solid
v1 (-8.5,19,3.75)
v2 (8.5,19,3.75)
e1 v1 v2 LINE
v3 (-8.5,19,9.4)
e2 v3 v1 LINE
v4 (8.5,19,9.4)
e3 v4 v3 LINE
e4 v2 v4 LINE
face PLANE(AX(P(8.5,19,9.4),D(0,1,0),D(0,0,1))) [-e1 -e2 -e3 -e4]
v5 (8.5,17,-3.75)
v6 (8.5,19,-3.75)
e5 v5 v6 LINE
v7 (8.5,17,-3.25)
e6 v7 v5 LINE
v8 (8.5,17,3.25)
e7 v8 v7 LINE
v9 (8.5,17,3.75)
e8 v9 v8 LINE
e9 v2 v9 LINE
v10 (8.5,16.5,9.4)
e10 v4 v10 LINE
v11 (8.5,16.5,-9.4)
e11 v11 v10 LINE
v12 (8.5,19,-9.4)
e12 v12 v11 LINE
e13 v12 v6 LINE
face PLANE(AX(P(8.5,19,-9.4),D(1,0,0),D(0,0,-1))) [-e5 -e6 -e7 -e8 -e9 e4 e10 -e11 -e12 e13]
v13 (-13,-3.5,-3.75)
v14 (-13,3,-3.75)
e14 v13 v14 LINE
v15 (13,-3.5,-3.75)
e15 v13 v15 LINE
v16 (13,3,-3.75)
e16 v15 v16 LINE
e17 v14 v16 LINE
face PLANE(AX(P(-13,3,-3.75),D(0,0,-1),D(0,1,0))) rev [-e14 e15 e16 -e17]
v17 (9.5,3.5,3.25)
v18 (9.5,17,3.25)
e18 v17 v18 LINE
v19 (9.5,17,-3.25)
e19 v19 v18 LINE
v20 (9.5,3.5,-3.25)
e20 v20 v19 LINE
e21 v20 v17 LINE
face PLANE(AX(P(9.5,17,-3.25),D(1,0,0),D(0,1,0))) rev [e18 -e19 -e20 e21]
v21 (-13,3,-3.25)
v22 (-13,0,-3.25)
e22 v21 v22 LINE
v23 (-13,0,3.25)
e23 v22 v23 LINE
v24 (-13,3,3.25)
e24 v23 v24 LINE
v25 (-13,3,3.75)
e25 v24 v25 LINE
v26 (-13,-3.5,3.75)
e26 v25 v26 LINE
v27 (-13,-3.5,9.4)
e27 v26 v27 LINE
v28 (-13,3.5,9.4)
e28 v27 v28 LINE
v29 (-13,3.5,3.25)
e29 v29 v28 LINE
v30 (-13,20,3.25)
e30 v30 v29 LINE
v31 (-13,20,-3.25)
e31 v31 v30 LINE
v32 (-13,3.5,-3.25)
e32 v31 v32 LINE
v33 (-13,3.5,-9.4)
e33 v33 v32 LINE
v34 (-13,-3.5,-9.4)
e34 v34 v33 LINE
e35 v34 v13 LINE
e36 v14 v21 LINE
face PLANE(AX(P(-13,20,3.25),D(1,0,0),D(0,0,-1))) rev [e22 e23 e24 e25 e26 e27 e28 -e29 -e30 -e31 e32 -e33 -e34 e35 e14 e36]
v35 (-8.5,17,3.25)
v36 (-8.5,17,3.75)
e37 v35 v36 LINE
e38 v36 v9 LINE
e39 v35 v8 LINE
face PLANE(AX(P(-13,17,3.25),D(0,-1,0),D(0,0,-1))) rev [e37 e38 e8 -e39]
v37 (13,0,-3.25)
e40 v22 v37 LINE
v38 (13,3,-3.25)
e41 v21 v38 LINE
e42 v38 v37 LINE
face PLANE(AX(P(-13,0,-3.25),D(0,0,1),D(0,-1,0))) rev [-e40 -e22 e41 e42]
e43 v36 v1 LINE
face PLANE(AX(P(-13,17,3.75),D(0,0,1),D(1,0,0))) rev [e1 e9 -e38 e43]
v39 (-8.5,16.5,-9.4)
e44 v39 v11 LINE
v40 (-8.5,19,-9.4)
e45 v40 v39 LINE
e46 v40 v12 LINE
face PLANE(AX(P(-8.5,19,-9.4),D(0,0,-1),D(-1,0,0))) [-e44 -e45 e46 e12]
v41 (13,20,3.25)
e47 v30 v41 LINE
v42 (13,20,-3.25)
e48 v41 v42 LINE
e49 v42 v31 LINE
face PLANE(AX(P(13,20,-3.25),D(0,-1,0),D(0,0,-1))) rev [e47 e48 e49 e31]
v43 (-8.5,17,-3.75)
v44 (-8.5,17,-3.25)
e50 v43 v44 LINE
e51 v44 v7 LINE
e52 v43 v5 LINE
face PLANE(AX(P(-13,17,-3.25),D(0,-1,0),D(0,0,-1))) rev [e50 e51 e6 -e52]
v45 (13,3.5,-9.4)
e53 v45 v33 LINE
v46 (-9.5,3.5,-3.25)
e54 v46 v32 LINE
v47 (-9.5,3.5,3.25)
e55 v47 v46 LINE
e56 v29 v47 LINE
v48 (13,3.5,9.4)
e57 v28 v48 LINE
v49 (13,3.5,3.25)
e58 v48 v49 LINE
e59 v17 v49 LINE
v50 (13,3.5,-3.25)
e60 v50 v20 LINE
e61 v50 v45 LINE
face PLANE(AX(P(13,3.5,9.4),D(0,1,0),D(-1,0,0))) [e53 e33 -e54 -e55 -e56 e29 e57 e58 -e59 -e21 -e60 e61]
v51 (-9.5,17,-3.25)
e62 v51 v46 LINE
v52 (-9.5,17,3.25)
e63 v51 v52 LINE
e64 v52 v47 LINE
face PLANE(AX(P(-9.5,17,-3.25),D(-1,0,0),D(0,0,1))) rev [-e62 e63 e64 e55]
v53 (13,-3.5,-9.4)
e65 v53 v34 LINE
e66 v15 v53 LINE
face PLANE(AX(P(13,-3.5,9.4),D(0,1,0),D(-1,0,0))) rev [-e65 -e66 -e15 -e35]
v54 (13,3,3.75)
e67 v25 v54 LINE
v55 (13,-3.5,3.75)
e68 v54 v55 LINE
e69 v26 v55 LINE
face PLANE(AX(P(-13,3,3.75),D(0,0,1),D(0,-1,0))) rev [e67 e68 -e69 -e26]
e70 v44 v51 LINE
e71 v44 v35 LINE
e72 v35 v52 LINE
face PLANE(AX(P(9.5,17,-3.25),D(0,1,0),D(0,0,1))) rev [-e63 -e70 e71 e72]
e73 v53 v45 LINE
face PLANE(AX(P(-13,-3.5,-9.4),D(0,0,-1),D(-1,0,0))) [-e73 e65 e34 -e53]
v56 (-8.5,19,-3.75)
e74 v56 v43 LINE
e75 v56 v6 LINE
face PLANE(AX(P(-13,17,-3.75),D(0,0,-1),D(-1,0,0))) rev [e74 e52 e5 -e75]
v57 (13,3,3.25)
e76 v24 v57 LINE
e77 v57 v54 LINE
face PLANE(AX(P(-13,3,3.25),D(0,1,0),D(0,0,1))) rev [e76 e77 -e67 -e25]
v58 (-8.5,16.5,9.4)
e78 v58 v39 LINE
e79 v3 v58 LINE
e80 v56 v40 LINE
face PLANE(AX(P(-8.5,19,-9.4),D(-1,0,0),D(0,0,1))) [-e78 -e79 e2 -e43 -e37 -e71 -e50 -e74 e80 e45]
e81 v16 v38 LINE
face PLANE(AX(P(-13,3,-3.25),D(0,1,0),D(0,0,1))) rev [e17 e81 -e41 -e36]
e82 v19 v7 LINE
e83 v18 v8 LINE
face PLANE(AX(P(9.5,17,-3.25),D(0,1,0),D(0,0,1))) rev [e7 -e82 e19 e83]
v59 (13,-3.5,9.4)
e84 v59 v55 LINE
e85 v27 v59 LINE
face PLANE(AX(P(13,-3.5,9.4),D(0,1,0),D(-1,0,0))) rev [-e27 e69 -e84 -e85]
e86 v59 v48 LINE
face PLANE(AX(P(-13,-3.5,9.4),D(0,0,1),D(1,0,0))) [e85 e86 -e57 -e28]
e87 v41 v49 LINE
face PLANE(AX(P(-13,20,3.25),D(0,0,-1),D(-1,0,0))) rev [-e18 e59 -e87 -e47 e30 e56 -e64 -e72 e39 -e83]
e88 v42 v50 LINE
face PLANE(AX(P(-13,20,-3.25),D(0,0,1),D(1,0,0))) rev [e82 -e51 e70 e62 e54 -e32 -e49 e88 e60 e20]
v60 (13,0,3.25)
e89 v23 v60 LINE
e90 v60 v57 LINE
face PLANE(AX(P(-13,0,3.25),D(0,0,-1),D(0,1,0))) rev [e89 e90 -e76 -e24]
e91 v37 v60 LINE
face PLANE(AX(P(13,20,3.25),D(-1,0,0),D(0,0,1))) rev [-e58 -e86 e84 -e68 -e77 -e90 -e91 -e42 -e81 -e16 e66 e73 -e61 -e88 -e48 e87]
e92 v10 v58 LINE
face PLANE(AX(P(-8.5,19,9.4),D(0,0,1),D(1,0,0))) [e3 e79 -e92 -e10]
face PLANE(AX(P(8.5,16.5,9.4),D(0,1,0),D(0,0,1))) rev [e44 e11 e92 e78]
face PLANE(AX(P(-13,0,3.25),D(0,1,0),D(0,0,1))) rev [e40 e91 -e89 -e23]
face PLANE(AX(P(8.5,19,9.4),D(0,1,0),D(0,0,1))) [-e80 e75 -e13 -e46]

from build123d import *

# Parameters (mm, degrees)
SKETCH_2_W           = 26
SKETCH_2_H           = 6.5
EXTRUDE_1_DEPTH      = 20
SKETCH_3_W           = 19
SKETCH_3_H           = 14
CUT_EXTRUDE_2_DEPTH  = 25.72347063
EXTRUDE_3_DEPTH      = 0.5
EXTRUDE_3_DEPTH_BACK = 2
SKETCH_4_W           = 17
SKETCH_4_H           = 18.8
SKETCH_5_W           = 0.5
SKETCH_5_H           = 2
CUT_EXTRUDE_4_DEPTH  = 31.831963934
EXTRUDE_7_DEPTH      = 0.5
EXTRUDE_7_DEPTH_BACK = 6.5
SKETCH_6_W           = 26
SKETCH_6_H           = 18.8
CUT_EXTRUDE_8_DEPTH  = 35.122719704


with BuildPart() as part:
    # Эскиз2 → Вытянуть1 (new body)
    with BuildSketch(Plane(origin=(0, 0, 0), x_dir=(1, 0, 0), z_dir=(0, 1, 0))):
        Rectangle(SKETCH_2_W, SKETCH_2_H)
    extrude(amount=EXTRUDE_1_DEPTH)

    # Эскиз3 → Вытянуть2 (cut, through all)
    with BuildSketch(Plane.XY.offset(3.25)):
        with Locations((0, 10)):
            Rectangle(SKETCH_3_W, SKETCH_3_H)
    extrude(amount=-CUT_EXTRUDE_2_DEPTH, mode=Mode.SUBTRACT)

    # Эскиз4 → Вытянуть3 (add, two sides: drawn at the far end of the back side and taken through both)
    with BuildSketch(Plane.XZ.offset(-17).offset(-EXTRUDE_3_DEPTH_BACK)):
        Rectangle(SKETCH_4_W, SKETCH_4_H)
    extrude(amount=EXTRUDE_3_DEPTH + EXTRUDE_3_DEPTH_BACK)

    # Эскиз5 → Вытянуть4 (cut, through all)
    with BuildSketch(Plane(origin=(8.5, 0, 0), x_dir=(0, 0, -1), z_dir=(1, 0, 0))):
        with Locations((-3.5, 18)):
            Rectangle(SKETCH_5_W, SKETCH_5_H)
        with Locations((3.5, 18)):
            Rectangle(SKETCH_5_W, SKETCH_5_H)
    extrude(amount=-CUT_EXTRUDE_4_DEPTH, mode=Mode.SUBTRACT)

    # Эскиз6 → Вытянуть7 (add, two sides: drawn at the far end of the back side and taken through both)
    with BuildSketch(Plane(origin=(0, 3, 0), x_dir=(-1, 0, 0), z_dir=(0, 1, 0)).offset(-EXTRUDE_7_DEPTH_BACK)):
        Rectangle(SKETCH_6_W, SKETCH_6_H)
    extrude(amount=EXTRUDE_7_DEPTH + EXTRUDE_7_DEPTH_BACK)

    # Эскиз9 → Вытянуть8 (cut, through all)
    with BuildSketch(Plane(origin=(13, 0, 0), x_dir=(0, 0, -1), z_dir=(1, 0, 0))):
        Polygon((-3.25, 0), (-3.25, 3), (-3.75, 3), (-3.75, -3.5), (3.75, -3.5), (3.75, 3), (3.25, 3), (3.25, 0), align=None)
    extrude(amount=-CUT_EXTRUDE_8_DEPTH, mode=Mode.SUBTRACT)


solid = part.part
